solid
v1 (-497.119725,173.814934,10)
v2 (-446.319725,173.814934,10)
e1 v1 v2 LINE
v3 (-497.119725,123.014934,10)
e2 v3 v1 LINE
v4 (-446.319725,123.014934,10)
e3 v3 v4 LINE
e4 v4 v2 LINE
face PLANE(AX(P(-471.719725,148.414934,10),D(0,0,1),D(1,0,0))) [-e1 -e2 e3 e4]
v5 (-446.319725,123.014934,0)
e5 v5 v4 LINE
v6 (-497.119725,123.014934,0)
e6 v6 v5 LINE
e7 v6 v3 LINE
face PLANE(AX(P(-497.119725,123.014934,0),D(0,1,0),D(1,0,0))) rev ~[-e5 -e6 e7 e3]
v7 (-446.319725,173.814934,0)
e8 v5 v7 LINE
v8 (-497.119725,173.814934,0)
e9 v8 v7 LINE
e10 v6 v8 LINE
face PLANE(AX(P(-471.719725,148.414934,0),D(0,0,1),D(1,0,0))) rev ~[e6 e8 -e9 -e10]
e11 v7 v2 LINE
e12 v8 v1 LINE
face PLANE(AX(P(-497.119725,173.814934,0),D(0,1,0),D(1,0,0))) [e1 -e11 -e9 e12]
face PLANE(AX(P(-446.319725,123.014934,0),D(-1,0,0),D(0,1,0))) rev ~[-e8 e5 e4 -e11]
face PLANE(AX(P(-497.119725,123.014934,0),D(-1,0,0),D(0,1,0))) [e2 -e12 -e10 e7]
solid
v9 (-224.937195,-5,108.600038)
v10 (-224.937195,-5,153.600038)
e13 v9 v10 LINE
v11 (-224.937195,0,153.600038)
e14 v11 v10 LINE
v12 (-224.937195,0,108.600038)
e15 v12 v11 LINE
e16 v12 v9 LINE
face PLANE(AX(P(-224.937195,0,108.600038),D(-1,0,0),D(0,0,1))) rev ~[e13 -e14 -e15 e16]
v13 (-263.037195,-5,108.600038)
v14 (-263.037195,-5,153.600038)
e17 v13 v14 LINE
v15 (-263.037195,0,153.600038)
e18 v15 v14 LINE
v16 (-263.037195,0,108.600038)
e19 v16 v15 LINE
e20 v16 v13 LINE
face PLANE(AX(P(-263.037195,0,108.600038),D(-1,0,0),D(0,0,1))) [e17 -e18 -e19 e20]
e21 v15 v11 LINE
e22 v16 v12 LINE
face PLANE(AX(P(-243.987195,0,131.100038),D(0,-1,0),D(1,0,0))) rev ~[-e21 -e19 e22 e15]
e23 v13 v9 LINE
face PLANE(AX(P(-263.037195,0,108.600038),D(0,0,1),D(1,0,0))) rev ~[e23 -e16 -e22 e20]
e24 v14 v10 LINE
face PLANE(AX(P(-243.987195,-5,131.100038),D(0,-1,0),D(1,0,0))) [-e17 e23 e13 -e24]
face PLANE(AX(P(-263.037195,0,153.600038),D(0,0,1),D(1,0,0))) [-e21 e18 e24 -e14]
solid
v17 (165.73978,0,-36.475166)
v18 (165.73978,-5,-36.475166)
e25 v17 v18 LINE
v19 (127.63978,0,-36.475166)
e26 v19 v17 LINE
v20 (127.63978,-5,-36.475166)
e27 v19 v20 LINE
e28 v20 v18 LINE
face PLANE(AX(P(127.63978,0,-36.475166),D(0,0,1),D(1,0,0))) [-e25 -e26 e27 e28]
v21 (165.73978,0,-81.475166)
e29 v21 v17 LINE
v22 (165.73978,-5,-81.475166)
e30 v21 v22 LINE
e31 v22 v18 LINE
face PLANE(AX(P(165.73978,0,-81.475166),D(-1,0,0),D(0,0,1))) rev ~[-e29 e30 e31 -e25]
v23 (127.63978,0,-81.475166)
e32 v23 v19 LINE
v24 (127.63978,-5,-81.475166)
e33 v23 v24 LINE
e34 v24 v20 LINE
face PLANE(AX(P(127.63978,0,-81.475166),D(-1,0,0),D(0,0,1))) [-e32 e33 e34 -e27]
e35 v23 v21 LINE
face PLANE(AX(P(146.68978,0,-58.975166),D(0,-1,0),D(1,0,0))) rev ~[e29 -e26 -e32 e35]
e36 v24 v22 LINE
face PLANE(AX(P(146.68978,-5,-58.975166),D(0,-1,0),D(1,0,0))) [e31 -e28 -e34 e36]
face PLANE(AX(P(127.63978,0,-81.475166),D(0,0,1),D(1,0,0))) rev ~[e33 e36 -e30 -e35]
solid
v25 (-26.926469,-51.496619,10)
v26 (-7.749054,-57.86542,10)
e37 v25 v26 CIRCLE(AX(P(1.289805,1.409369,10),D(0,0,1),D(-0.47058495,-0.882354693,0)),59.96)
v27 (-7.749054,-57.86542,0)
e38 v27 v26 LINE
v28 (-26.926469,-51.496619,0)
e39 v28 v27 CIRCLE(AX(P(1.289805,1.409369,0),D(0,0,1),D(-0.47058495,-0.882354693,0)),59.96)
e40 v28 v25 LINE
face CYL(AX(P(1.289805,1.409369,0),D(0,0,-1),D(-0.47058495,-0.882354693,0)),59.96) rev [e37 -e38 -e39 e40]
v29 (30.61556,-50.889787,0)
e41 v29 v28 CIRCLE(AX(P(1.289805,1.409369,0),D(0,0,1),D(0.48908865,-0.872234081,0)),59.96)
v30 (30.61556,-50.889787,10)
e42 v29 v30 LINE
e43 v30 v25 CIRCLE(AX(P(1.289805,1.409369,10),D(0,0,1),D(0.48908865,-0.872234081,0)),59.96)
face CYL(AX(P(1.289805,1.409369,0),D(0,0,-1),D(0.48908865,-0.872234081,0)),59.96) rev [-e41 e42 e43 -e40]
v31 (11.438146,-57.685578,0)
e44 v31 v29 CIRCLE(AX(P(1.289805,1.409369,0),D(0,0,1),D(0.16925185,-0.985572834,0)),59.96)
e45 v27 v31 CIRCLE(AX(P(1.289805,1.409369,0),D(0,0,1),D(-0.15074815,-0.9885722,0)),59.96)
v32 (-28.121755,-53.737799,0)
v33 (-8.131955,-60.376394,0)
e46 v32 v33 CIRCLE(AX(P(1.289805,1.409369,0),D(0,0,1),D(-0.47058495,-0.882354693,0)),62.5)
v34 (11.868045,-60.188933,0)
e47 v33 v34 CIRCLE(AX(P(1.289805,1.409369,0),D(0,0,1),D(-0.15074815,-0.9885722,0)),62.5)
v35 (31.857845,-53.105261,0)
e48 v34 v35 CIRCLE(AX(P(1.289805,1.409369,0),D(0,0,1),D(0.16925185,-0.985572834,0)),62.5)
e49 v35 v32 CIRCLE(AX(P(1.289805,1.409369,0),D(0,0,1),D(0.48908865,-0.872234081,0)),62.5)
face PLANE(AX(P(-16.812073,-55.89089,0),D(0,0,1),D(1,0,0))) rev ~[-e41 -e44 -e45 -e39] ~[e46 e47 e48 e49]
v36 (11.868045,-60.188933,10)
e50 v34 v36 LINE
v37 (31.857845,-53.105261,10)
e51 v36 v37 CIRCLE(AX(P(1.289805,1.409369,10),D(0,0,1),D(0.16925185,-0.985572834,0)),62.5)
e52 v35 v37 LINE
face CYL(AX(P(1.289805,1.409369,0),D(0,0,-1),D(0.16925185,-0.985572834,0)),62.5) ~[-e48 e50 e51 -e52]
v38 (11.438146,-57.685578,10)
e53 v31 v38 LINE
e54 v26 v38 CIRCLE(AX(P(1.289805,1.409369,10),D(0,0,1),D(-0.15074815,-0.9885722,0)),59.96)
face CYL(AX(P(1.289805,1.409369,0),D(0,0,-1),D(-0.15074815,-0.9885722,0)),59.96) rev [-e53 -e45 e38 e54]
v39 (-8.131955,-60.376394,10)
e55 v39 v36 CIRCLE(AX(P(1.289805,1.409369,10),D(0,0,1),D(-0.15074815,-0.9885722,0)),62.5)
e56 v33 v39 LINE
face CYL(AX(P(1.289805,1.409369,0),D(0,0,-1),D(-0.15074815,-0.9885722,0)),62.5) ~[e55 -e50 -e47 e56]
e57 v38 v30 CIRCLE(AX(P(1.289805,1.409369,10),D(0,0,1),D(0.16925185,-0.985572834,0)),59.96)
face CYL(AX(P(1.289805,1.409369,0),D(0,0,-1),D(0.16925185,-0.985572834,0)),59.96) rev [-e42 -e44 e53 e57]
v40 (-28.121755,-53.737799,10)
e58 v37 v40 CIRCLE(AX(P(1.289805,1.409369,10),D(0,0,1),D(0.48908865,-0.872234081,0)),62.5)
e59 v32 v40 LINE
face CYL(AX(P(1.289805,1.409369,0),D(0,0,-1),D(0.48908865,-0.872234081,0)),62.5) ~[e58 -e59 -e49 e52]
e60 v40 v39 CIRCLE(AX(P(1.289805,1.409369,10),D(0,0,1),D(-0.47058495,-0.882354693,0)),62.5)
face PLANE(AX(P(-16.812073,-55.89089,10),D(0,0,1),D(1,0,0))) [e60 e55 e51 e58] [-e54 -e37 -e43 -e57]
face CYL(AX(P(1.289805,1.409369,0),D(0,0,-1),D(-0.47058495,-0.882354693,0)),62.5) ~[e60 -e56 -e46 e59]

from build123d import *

# Parameters (mm, degrees)
F0_W     = 50.8
F0_H     = 50.8
F1_DEPTH = 10
F2_W     = 38.1
F2_H     = 45
F3_DEPTH = 5
F4_DEPTH = 10
F5_T     = -2.54


with BuildPart() as f1:
    # F0 (on Top) → F1 (new body)
    with BuildSketch(Plane.XY):
        with Locations((-471.7197247505, 148.414934361)):
            Rectangle(F0_W, F0_H)
    extrude(amount=F1_DEPTH)

    # F0 (on Top) → F4 (join)
    with BuildSketch(Plane.XY):
        with Locations((-471.7197247505, 148.414934361)):
            Rectangle(F0_W, F0_H)
    extrude(amount=F4_DEPTH)


with BuildPart() as f1b:
    # F0 (on Top) → F1, piece 2 (new body)
    with BuildSketch(Plane.XY):
        with BuildLine():
            Line((-8.131954578, -53.7377994335), (-28.121754578, -53.7377994335))
            ThreePointArc((-28.121754578, -53.7377994335), (-18.408530018, -57.905263406), (-8.131954578, -60.3763936215))
            Line((-8.131954578, -60.3763936215), (-8.131954578, -53.7377994335))
        make_face()
        with BuildLine():
            ThreePointArc((31.857845422, -53.1052611768), (55.219168501, -30.1797705392), (63.7898047969, 1.4093688994))
            ThreePointArc((63.7898047969, 1.4093688994), (-30.8662796901, 55.0026168926), (-28.121754578, -53.7377994335))
            Line((-28.121754578, -53.7377994335), (-8.131954578, -53.7377994335))
            Line((-8.131954578, -53.7377994335), (-8.131954578, -60.3763936215))
            ThreePointArc((-8.131954578, -60.3763936215), (1.8755927876, -61.0878858598), (11.868045422, -60.1889332305))
            Line((11.868045422, -60.1889332305), (11.868045422, -53.1052611768))
            Line((11.868045422, -53.1052611768), (31.857845422, -53.1052611768))
        make_face()
        with BuildLine():
            ThreePointArc((11.868045422, -60.1889332305), (22.1655974194, -57.5011673601), (31.857845422, -53.1052611768))
            Line((31.857845422, -53.1052611768), (11.868045422, -53.1052611768))
            Line((11.868045422, -53.1052611768), (11.868045422, -60.1889332305))
        make_face()
    extrude(amount=F1_DEPTH)

    # F5
    f5_openings = [f1b.faces().sort_by_distance(p)[0] for p in [
        (1.289805, 1.409369, 10),
        (1.289805, 1.409369, 0),
    ]]
    offset(amount=F5_T, openings=f5_openings)


with BuildPart() as f3:
    # F2 (on Front) → F3 (new body)
    with BuildSketch(Plane.XZ):
        with Locations((146.6897795882, -58.9751662547)):
            Rectangle(F2_W, F2_H)
    extrude(amount=F3_DEPTH)


with BuildPart() as f3b:
    # F2 (on Front) → F3, piece 2 (new body)
    with BuildSketch(Plane.XZ):
        with Locations((-243.9871954038, 131.100037545)):
            Rectangle(F2_W, F2_H)
    extrude(amount=F3_DEPTH)


solid = Compound([f1.part, f1b.part, f3.part, f3b.part])
